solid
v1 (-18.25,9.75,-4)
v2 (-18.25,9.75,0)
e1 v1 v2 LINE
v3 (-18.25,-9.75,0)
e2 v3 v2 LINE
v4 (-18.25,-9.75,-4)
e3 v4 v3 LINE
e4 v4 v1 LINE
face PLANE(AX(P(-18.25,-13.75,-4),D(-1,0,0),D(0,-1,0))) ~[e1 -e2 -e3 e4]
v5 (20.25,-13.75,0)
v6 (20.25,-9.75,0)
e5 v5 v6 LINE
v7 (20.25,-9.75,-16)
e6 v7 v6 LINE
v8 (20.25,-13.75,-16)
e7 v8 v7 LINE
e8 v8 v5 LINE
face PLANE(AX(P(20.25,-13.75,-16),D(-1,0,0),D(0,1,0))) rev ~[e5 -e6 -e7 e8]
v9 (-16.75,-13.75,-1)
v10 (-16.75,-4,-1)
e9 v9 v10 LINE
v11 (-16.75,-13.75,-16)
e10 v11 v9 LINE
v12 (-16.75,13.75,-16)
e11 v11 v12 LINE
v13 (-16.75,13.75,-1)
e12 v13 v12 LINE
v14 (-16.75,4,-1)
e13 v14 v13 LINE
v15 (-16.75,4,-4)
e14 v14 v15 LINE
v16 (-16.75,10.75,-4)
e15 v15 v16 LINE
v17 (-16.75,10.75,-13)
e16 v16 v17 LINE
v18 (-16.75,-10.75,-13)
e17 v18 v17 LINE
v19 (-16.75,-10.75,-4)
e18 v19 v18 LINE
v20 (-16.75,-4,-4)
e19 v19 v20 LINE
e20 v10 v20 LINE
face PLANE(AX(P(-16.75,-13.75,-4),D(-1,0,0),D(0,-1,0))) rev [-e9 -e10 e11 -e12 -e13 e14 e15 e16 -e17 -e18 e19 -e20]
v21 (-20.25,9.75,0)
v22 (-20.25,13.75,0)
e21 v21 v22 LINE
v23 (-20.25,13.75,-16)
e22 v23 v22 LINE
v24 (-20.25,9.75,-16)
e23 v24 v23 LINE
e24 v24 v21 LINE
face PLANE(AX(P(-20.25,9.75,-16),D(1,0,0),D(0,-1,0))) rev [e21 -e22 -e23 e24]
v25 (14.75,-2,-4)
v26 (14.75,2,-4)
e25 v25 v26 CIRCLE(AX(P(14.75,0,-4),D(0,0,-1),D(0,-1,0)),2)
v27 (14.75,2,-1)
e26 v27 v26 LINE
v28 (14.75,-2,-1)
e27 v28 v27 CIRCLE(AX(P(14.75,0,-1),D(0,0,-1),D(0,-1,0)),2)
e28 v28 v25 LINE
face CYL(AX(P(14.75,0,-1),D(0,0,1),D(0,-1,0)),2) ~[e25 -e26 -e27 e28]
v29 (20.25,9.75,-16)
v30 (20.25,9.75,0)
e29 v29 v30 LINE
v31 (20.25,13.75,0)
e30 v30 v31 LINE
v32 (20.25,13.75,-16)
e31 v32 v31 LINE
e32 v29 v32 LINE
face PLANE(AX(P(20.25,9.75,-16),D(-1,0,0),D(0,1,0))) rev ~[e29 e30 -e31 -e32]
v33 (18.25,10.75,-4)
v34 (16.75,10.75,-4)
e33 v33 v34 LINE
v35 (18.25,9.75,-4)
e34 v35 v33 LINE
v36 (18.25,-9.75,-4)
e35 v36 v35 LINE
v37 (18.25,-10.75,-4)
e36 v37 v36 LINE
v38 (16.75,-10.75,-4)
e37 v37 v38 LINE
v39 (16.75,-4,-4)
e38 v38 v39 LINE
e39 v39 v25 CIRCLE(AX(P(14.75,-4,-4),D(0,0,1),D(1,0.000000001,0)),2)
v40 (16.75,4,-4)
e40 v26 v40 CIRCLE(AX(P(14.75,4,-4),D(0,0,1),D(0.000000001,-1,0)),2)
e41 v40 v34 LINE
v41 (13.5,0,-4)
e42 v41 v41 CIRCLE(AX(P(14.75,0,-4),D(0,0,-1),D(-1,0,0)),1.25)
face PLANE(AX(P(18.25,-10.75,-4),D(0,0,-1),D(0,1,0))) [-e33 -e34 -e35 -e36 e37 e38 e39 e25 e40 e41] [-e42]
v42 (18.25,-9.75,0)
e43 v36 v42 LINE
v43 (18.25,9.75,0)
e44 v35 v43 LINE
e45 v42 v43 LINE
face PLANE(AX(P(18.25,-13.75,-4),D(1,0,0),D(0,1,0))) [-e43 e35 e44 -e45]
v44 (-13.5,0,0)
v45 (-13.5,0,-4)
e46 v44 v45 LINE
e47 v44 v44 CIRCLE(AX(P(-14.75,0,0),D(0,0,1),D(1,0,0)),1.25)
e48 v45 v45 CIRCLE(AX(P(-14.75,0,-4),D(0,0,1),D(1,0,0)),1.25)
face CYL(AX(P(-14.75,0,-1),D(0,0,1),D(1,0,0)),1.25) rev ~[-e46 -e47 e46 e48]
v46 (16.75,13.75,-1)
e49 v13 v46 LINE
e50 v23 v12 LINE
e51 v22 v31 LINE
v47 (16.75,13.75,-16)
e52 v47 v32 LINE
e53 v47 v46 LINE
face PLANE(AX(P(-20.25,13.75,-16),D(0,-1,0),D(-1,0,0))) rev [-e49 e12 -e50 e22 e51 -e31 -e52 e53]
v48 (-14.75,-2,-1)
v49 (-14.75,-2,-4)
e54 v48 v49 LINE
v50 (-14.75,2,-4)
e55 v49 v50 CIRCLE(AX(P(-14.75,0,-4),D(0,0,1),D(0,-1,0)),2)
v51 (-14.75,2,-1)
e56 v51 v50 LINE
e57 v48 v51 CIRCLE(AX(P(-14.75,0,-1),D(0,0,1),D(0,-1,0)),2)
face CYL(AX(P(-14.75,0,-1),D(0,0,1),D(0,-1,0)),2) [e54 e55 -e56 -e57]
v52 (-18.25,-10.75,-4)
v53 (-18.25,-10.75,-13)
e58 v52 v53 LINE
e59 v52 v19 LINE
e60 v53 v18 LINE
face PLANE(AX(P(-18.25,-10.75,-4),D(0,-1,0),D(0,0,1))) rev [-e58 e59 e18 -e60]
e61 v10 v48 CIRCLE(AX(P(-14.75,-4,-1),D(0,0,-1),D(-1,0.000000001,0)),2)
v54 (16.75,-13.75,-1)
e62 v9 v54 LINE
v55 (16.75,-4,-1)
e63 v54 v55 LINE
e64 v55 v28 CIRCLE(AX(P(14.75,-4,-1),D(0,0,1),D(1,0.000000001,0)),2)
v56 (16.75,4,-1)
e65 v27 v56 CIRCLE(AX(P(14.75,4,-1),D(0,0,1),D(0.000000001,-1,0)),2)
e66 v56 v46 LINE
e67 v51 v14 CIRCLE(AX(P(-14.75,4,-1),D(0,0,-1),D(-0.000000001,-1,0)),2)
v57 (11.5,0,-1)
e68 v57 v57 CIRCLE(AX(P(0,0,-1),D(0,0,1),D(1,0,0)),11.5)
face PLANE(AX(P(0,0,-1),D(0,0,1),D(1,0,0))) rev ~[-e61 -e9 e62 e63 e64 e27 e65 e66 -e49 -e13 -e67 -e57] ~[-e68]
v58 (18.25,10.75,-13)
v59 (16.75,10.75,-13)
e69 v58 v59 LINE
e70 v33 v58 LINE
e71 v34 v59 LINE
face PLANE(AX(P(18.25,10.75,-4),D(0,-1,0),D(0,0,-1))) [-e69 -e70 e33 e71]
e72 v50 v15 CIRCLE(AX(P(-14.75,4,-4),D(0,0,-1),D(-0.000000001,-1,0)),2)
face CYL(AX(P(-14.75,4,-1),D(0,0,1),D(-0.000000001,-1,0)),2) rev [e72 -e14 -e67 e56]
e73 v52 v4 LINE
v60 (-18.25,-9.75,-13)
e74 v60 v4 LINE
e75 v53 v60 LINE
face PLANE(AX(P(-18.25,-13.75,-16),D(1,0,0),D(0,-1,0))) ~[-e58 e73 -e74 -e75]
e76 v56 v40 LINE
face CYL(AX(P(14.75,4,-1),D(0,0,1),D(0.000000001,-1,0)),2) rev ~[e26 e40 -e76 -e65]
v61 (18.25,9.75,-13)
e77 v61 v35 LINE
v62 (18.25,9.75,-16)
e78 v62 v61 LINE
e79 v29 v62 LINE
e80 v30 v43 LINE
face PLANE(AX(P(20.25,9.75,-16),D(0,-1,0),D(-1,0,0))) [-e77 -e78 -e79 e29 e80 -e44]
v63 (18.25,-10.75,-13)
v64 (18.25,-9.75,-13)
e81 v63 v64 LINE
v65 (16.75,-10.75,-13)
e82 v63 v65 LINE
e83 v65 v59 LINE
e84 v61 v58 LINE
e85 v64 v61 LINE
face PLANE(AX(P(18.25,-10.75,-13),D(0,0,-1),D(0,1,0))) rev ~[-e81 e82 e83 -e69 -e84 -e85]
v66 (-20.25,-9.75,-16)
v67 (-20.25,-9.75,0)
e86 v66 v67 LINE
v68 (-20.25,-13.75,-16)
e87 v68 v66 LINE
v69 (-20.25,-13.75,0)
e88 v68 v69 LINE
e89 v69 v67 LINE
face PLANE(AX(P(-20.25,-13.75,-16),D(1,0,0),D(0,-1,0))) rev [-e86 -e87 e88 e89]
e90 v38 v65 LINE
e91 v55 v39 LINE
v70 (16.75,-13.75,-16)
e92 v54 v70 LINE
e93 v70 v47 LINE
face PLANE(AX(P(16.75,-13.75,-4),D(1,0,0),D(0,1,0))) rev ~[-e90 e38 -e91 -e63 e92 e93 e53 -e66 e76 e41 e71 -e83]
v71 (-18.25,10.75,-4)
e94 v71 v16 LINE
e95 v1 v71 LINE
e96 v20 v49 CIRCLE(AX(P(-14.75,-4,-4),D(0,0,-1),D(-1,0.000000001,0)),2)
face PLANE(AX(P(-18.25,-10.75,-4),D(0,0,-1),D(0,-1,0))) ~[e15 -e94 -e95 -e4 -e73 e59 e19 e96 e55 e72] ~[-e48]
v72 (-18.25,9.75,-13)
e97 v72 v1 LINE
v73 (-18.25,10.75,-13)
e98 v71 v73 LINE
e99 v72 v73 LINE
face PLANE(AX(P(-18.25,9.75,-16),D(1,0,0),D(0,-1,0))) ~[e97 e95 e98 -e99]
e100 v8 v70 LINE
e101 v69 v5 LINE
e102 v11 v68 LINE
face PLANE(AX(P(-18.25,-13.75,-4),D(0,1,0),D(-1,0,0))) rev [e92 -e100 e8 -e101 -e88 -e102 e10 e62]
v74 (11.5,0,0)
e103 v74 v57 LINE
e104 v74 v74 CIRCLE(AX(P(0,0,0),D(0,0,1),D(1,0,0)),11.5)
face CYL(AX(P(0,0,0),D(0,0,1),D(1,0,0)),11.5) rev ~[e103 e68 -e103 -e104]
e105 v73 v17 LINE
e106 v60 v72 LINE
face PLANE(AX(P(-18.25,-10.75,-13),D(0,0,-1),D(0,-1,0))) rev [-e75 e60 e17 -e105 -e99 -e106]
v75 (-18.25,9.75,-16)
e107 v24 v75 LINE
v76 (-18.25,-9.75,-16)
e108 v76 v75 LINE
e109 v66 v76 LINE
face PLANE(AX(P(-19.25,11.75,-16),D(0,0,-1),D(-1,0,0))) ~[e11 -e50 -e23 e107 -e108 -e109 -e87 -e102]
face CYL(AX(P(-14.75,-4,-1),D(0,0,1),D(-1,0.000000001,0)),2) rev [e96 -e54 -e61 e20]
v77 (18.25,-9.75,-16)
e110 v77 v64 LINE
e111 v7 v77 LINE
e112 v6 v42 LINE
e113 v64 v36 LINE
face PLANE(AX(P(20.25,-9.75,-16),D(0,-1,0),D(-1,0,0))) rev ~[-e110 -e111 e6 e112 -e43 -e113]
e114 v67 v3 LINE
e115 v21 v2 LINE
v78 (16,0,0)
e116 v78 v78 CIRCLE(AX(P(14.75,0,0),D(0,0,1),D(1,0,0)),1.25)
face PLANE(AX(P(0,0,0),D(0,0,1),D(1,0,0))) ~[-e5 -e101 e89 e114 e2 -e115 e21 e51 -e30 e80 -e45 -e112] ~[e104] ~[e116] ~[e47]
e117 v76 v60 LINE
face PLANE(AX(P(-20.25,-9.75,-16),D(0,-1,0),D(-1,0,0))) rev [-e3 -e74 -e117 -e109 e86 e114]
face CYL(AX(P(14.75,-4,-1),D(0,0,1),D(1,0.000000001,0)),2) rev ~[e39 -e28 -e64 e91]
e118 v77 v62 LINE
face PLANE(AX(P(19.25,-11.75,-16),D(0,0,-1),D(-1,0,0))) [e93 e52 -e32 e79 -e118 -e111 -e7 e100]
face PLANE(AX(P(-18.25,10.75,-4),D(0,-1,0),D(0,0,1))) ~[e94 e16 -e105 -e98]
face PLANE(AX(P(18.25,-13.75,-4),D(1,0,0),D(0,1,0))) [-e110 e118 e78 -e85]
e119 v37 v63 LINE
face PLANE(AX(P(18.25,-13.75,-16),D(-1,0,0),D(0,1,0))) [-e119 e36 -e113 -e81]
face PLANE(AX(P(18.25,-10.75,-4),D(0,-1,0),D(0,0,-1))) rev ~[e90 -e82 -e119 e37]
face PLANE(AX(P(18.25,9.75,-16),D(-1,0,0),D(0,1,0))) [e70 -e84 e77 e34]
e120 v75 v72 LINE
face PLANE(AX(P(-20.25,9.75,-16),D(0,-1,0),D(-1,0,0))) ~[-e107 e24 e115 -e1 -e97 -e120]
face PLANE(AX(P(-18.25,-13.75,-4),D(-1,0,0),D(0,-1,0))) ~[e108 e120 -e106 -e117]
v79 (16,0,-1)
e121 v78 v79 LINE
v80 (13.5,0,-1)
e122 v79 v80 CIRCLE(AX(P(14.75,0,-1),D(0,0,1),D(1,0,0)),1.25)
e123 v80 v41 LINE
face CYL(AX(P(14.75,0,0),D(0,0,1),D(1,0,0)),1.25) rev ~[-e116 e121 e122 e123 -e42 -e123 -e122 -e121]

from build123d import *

# Parameters (mm, degrees)
SKETCH2_W           = 36.5
SKETCH2_H           = 27.5
SKETCH2_R           = 11.5
SKETCH2_R_2         = 1.25
BOSS_EXTRUDE1_DEPTH = 1
SKETCH4_R           = 1.25
BOSS_EXTRUDE2_DEPTH = 3
SKETCH5_W           = 1.5
SKETCH5_H           = 27.5
BOSS_EXTRUDE3_DEPTH = 12
SKETCH6_W           = 9
SKETCH6_H           = 21.5
CUT_EXTRUDE1_DEPTH  = 1.5
BOSS_EXTRUDE4_REACH = 29.895
SKETCH7_W           = 2
SKETCH7_H           = 4


with BuildPart() as part:
    # Sketch2 → Boss-Extrude1 (new body)
    with BuildSketch(Plane.XY):
        Rectangle(SKETCH2_W, SKETCH2_H)
        Circle(SKETCH2_R, mode=Mode.SUBTRACT)
        with Locations((-14.75, 0)):
            Circle(SKETCH2_R_2, mode=Mode.SUBTRACT)
        with Locations((14.75, 0)):
            Circle(SKETCH2_R_2, mode=Mode.SUBTRACT)
    extrude(amount=-BOSS_EXTRUDE1_DEPTH)

    # Sketch4 → Boss-Extrude2 (add)
    with BuildSketch(Plane(origin=(0, 0, -1), x_dir=(-1, 0, 0), z_dir=(0, 0, -1))):
        with BuildLine():
            Line((-16.75, 4), (-16.75, 13.75))
            Line((-16.75, 13.75), (-18.25, 13.75))
            Line((-18.25, 13.75), (-18.25, -13.75))
            Line((-18.25, -13.75), (-16.75, -13.75))
            Line((-16.75, -13.75), (-16.75, -4))
            ThreePointArc((-16.75, -4), (-16.164213562, -2.585786438), (-14.75, -2))
            ThreePointArc((-14.75, -2), (-12.75, 0), (-14.75, 2))
            ThreePointArc((-14.75, 2), (-16.164213562, 2.585786438), (-16.75, 4))
        make_face()
        with Locations((-14.75, 0)):
            Circle(SKETCH4_R, mode=Mode.SUBTRACT)
    boss_extrude2 = extrude(amount=BOSS_EXTRUDE2_DEPTH)

    # Sketch5 → Boss-Extrude3 (add)
    with BuildSketch(Plane(origin=(0, 0, -4), x_dir=(-1, 0, 0), z_dir=(0, 0, -1))):
        with Locations((-17.5, 0)):
            Rectangle(SKETCH5_W, SKETCH5_H)
    boss_extrude3 = extrude(amount=BOSS_EXTRUDE3_DEPTH)

    # Sketch6 → Cut-Extrude1 (cut)
    with BuildSketch(Plane(origin=(18.25, 0, 0), x_dir=(0, 0, -1), z_dir=(1, 0, 0))):
        with Locations((8.5, 0)):
            Rectangle(SKETCH6_W, SKETCH6_H)
    cut_extrude1 = extrude(amount=-CUT_EXTRUDE1_DEPTH, mode=Mode.SUBTRACT)

    # Boss-Extrude4: up to this face of the body (flat: up to its plane)
    boss_extrude4_end = Plane(part.part.faces().sort_by_distance((-17.792998906, 0, 0))[0])
    # Sketch7 → Boss-Extrude4 (add, up to the picked face)
    with BuildSketch(Plane(origin=(0, 0, -16), x_dir=(-1, 0, 0), z_dir=(0, 0, -1)), mode=Mode.PRIVATE) as boss_extrude4_sk1:
        with Locations((-19.25, 11.75)):
            Rectangle(SKETCH7_W, SKETCH7_H)
    boss_extrude4_tool1 = split(extrude(boss_extrude4_sk1.sketch, amount=-BOSS_EXTRUDE4_REACH, mode=Mode.PRIVATE), bisect_by=boss_extrude4_end, keep=Keep.BOTH, mode=Mode.PRIVATE)
    # Sketch7 → Boss-Extrude4 (add, up to the picked face)
    with BuildSketch(Plane(origin=(0, 0, -16), x_dir=(-1, 0, 0), z_dir=(0, 0, -1)), mode=Mode.PRIVATE) as boss_extrude4_sk2:
        with Locations((-19.25, -11.75)):
            Rectangle(SKETCH7_W, SKETCH7_H)
    boss_extrude4_tool2 = split(extrude(boss_extrude4_sk2.sketch, amount=-BOSS_EXTRUDE4_REACH, mode=Mode.PRIVATE), bisect_by=boss_extrude4_end, keep=Keep.BOTH, mode=Mode.PRIVATE)
    boss_extrude4_1 = boss_extrude4_tool1.solids().sort_by(Axis((19.25, 11.75, -16), (0, 0, 1)))[0]
    add(boss_extrude4_1)
    boss_extrude4_2 = boss_extrude4_tool2.solids().sort_by(Axis((19.25, -11.75, -16), (0, 0, 1)))[0]
    add(boss_extrude4_2)
    boss_extrude4 = boss_extrude4_1 + boss_extrude4_2  # Boss-Extrude4 as one shape, for the pattern or mirror that repeats it

    # Mirror1: Boss-Extrude2, Boss-Extrude3, Cut-Extrude1, Boss-Extrude4 across plane
    add(boss_extrude2.mirror(Plane(origin=(0, 0, 0), x_dir=(0, 0, 1), z_dir=(1, 0, 0))))
    add(boss_extrude3.mirror(Plane(origin=(0, 0, 0), x_dir=(0, 0, 1), z_dir=(1, 0, 0))))
    add(cut_extrude1.mirror(Plane(origin=(0, 0, 0), x_dir=(0, 0, 1), z_dir=(1, 0, 0))), mode=Mode.SUBTRACT)
    add(boss_extrude4.mirror(Plane(origin=(0, 0, 0), x_dir=(0, 0, 1), z_dir=(1, 0, 0))))


solid = part.part
